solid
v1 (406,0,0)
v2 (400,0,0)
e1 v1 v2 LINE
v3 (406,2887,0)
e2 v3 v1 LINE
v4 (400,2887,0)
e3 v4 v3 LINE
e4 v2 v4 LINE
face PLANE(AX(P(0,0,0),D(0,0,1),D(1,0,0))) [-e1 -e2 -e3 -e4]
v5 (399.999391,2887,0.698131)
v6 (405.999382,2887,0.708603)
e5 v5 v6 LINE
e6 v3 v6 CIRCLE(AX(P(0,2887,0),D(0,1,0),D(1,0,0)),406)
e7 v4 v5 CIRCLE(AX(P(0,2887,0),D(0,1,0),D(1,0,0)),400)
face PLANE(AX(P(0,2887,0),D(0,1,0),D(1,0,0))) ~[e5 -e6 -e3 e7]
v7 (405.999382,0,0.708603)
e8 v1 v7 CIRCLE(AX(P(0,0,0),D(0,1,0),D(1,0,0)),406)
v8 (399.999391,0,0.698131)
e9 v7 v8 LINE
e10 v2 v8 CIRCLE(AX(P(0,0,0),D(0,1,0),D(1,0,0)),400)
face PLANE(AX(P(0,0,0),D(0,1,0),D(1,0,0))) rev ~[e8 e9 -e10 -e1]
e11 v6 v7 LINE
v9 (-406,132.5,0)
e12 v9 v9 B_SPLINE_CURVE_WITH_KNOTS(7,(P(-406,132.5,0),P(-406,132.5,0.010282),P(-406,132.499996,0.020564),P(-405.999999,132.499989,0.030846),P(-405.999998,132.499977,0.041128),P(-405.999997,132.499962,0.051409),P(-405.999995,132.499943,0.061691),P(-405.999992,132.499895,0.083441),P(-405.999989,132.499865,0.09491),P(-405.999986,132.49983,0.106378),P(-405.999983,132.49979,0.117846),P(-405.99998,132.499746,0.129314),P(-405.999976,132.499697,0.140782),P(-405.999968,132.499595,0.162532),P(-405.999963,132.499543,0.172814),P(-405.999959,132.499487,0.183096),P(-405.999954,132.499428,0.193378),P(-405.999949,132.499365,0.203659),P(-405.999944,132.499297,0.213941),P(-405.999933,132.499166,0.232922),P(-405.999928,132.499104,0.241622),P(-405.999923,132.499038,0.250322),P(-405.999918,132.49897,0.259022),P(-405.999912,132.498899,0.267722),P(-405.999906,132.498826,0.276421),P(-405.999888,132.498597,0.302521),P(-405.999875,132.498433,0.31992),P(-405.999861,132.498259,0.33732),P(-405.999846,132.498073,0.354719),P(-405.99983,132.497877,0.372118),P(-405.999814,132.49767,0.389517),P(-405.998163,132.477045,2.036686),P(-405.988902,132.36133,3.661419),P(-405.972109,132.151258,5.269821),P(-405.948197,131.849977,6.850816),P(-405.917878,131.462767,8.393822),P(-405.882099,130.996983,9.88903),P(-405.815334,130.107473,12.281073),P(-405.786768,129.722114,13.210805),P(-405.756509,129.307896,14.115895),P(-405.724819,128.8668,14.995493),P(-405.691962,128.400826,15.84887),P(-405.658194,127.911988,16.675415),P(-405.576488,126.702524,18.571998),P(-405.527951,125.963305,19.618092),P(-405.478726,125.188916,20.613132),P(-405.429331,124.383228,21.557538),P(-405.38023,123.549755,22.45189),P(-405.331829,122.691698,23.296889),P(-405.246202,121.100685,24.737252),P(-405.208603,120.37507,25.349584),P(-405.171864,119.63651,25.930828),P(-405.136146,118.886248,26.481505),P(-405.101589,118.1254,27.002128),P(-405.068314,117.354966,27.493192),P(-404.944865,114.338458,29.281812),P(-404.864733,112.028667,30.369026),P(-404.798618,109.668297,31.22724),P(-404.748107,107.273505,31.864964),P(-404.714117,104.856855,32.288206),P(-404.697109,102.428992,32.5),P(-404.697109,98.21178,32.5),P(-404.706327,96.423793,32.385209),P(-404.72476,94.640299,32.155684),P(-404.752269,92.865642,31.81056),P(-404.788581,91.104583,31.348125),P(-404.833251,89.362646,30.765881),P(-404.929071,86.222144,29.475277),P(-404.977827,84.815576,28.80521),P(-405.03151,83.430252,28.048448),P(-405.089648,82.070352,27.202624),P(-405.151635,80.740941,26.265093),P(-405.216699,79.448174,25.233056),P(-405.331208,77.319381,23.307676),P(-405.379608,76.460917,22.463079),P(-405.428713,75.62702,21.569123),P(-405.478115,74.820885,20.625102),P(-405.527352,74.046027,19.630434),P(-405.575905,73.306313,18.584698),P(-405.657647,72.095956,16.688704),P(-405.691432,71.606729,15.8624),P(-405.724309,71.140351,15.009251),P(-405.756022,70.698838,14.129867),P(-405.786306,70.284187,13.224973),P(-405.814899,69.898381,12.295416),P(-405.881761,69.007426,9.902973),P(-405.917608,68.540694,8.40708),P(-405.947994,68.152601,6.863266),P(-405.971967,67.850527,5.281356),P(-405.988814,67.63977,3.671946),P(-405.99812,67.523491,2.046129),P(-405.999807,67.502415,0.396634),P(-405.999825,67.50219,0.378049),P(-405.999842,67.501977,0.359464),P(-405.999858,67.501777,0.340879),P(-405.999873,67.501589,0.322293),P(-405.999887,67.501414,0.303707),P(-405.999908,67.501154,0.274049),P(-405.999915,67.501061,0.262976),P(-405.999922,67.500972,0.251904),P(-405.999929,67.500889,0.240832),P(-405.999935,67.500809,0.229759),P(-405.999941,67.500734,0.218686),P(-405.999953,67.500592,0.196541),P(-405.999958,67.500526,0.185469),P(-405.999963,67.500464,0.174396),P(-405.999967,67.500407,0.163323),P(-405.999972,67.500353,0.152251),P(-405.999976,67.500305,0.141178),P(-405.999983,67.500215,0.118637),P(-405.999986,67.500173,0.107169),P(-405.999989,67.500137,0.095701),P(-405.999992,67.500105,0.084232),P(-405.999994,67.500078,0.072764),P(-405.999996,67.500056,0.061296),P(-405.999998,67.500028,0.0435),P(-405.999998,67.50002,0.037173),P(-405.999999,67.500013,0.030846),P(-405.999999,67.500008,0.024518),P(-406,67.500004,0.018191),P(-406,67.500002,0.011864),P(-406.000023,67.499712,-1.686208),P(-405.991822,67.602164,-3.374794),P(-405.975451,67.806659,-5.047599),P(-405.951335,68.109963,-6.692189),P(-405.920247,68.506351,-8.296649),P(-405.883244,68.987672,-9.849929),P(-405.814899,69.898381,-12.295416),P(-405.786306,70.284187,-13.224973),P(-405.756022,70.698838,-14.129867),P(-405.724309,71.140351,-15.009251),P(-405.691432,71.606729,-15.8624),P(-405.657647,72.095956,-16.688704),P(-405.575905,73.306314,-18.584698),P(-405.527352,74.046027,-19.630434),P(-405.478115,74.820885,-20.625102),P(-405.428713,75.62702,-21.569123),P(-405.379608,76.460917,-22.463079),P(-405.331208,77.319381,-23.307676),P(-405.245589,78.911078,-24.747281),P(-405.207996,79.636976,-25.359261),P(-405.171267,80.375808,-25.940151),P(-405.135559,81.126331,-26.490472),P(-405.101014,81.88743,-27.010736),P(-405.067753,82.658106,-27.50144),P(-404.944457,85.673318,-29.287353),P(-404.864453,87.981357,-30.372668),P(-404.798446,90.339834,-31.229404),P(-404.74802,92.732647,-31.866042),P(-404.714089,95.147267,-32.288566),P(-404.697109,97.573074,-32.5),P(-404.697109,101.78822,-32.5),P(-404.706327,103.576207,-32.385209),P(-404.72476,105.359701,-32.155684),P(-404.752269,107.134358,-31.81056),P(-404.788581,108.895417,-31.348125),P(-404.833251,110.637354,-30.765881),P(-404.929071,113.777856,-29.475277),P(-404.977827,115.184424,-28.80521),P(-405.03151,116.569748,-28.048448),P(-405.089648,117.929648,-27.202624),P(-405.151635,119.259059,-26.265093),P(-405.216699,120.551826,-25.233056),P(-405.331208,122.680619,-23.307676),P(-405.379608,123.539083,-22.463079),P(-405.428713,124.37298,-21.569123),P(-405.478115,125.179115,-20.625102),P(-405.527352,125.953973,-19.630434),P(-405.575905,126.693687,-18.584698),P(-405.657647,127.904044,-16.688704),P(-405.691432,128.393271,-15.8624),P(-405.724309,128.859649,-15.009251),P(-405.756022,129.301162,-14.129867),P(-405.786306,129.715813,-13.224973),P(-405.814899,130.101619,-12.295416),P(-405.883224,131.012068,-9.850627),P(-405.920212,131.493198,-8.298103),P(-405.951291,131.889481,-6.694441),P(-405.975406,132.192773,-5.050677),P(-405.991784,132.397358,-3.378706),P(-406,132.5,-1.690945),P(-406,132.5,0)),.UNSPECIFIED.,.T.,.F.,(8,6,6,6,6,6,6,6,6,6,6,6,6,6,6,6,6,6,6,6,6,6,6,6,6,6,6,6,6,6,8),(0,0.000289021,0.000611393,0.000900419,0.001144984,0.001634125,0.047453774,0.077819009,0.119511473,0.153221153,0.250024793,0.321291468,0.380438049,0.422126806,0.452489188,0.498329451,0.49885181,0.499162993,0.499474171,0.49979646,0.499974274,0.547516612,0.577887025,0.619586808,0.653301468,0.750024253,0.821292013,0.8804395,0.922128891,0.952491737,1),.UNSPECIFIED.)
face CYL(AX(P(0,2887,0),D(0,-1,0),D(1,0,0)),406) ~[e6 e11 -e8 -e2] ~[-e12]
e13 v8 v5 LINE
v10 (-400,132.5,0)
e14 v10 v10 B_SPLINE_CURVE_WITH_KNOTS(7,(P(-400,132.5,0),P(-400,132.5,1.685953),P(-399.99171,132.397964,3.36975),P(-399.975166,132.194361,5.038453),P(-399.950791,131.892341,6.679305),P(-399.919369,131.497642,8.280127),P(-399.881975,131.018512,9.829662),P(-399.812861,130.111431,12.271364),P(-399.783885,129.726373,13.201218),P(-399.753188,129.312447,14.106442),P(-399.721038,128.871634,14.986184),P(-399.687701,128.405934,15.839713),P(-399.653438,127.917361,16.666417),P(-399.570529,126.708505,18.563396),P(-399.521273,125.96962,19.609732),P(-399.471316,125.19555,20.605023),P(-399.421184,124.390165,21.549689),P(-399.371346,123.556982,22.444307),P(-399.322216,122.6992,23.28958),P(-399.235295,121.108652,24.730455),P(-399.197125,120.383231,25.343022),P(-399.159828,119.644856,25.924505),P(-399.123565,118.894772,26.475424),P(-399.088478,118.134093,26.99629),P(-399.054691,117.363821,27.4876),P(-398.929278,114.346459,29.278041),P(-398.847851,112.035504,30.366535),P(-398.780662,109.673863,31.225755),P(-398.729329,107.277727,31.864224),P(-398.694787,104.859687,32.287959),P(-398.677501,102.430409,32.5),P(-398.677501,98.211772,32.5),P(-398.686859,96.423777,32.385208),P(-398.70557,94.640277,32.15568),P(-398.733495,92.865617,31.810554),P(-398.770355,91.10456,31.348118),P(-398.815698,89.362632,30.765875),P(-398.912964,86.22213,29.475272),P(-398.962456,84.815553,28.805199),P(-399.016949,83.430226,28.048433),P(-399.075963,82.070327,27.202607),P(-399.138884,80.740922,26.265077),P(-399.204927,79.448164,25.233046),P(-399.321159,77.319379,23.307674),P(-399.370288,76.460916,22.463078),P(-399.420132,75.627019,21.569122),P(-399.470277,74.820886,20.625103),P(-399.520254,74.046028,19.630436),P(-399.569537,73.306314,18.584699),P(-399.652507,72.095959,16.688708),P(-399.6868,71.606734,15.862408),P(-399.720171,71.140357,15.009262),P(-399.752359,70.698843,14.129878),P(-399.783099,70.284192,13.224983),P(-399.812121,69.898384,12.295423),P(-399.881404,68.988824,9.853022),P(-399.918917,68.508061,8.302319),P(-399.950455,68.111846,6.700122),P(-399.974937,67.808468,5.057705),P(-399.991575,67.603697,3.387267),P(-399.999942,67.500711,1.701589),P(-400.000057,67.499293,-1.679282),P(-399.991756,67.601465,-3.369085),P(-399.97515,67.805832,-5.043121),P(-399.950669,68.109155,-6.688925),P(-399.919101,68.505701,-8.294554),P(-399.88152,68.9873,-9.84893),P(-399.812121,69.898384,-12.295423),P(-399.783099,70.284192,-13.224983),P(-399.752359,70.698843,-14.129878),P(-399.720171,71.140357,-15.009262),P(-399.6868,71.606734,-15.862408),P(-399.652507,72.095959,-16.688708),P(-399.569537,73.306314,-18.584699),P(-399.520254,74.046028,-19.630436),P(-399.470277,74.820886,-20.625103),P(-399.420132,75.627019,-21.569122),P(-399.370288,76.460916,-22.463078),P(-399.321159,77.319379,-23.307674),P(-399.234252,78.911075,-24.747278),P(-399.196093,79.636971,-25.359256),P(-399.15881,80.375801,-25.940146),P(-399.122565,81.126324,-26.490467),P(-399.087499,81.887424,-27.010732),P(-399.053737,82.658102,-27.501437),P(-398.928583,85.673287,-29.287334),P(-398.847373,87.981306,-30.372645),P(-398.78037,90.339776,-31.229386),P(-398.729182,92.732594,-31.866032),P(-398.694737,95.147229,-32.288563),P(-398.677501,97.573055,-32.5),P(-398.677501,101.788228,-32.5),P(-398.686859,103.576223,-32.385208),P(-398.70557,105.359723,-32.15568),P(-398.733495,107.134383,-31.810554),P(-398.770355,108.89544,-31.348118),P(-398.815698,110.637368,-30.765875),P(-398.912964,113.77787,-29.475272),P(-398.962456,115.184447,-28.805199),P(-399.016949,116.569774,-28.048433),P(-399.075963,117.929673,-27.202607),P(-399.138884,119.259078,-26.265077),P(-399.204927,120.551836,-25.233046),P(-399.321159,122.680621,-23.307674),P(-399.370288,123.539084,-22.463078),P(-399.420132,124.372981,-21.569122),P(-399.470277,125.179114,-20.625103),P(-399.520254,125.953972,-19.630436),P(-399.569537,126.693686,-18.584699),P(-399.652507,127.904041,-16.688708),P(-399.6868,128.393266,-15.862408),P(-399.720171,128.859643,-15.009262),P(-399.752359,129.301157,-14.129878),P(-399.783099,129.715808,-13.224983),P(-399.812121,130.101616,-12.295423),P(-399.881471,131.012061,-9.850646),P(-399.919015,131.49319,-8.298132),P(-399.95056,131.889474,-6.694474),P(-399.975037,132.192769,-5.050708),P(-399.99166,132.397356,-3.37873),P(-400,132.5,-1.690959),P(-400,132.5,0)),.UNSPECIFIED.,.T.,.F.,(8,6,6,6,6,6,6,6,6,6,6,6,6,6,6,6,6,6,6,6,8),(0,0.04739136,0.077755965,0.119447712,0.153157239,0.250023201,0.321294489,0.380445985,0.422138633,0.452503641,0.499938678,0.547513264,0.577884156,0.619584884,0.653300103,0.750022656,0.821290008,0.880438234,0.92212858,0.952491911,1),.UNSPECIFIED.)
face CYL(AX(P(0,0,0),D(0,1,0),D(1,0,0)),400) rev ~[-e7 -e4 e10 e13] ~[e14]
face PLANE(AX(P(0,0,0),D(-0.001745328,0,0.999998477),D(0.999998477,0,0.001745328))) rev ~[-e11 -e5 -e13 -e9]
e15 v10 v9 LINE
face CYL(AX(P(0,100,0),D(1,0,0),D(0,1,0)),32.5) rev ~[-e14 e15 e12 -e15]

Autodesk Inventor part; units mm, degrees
ref_plane "YZ Plane" through (0, 0, 0) normal (1, 0, 0) x (0, 1, 0)
ref_plane "XZ Plane" through (0, 0, 0) normal (0, 1, 0) x (-1, 0, 0)
ref_plane "XY Plane" through (0, 0, 0) normal (0, 0, 1) x (1, 0, 0)
sketch "Sketch1" plane through (0, 0, 0) normal (0, 0, 1) x (1, 0, 0)
  line L0 (406, 0) -> (400, 0)
  line L1 (400, 0) -> (400, 2887)
  line L2 (400, 2887) -> (406, 2887)
  line L3 (406, 2887) -> (406, 0)
  line L4 (0, 0) -> (0, 2896.1409)
  point P0 (403, 0)
  dimension "d0" = 6
  dimension "d1" = 2887
  dimension "d2" = 400
revolve "Revolution1" add sketch "Sketch1" angle 359.9 about axis through (0, 0, 0) along (0, 1, 0)
sketch "Sketch2" plane through (0, 0, 0) normal (1, 0, 0) x (0, 1, 0)
  circle A0 centre (100, 0) radius 32.5
  point P0 (0, 0)
  dimension "d4" = 65
  dimension "d5" = 100
extrude "Extrusion1" cut sketch "Sketch2" against normal through all
equation "\"BendReliefWidth\" = Thickness"
equation "\"BendReliefDepth\" = 0.5 * Thickness"
equation "\"CornerReliefSize\" = 4 * Thickness"
equation "\"MinimumRemnant\" = 2 * Thickness"
equation "\"TransitionRadius\" = BendRadius"
equation "\"JacobiRadiusSize\" = BendRadius"
equation "\"GapSize\" = Thickness"
equation "\"Thickness\" = 6"
equation "\"BendRadius\" = 2.75"
properties part number "BSH 082 barrel wall" material "Stainless Steel"
